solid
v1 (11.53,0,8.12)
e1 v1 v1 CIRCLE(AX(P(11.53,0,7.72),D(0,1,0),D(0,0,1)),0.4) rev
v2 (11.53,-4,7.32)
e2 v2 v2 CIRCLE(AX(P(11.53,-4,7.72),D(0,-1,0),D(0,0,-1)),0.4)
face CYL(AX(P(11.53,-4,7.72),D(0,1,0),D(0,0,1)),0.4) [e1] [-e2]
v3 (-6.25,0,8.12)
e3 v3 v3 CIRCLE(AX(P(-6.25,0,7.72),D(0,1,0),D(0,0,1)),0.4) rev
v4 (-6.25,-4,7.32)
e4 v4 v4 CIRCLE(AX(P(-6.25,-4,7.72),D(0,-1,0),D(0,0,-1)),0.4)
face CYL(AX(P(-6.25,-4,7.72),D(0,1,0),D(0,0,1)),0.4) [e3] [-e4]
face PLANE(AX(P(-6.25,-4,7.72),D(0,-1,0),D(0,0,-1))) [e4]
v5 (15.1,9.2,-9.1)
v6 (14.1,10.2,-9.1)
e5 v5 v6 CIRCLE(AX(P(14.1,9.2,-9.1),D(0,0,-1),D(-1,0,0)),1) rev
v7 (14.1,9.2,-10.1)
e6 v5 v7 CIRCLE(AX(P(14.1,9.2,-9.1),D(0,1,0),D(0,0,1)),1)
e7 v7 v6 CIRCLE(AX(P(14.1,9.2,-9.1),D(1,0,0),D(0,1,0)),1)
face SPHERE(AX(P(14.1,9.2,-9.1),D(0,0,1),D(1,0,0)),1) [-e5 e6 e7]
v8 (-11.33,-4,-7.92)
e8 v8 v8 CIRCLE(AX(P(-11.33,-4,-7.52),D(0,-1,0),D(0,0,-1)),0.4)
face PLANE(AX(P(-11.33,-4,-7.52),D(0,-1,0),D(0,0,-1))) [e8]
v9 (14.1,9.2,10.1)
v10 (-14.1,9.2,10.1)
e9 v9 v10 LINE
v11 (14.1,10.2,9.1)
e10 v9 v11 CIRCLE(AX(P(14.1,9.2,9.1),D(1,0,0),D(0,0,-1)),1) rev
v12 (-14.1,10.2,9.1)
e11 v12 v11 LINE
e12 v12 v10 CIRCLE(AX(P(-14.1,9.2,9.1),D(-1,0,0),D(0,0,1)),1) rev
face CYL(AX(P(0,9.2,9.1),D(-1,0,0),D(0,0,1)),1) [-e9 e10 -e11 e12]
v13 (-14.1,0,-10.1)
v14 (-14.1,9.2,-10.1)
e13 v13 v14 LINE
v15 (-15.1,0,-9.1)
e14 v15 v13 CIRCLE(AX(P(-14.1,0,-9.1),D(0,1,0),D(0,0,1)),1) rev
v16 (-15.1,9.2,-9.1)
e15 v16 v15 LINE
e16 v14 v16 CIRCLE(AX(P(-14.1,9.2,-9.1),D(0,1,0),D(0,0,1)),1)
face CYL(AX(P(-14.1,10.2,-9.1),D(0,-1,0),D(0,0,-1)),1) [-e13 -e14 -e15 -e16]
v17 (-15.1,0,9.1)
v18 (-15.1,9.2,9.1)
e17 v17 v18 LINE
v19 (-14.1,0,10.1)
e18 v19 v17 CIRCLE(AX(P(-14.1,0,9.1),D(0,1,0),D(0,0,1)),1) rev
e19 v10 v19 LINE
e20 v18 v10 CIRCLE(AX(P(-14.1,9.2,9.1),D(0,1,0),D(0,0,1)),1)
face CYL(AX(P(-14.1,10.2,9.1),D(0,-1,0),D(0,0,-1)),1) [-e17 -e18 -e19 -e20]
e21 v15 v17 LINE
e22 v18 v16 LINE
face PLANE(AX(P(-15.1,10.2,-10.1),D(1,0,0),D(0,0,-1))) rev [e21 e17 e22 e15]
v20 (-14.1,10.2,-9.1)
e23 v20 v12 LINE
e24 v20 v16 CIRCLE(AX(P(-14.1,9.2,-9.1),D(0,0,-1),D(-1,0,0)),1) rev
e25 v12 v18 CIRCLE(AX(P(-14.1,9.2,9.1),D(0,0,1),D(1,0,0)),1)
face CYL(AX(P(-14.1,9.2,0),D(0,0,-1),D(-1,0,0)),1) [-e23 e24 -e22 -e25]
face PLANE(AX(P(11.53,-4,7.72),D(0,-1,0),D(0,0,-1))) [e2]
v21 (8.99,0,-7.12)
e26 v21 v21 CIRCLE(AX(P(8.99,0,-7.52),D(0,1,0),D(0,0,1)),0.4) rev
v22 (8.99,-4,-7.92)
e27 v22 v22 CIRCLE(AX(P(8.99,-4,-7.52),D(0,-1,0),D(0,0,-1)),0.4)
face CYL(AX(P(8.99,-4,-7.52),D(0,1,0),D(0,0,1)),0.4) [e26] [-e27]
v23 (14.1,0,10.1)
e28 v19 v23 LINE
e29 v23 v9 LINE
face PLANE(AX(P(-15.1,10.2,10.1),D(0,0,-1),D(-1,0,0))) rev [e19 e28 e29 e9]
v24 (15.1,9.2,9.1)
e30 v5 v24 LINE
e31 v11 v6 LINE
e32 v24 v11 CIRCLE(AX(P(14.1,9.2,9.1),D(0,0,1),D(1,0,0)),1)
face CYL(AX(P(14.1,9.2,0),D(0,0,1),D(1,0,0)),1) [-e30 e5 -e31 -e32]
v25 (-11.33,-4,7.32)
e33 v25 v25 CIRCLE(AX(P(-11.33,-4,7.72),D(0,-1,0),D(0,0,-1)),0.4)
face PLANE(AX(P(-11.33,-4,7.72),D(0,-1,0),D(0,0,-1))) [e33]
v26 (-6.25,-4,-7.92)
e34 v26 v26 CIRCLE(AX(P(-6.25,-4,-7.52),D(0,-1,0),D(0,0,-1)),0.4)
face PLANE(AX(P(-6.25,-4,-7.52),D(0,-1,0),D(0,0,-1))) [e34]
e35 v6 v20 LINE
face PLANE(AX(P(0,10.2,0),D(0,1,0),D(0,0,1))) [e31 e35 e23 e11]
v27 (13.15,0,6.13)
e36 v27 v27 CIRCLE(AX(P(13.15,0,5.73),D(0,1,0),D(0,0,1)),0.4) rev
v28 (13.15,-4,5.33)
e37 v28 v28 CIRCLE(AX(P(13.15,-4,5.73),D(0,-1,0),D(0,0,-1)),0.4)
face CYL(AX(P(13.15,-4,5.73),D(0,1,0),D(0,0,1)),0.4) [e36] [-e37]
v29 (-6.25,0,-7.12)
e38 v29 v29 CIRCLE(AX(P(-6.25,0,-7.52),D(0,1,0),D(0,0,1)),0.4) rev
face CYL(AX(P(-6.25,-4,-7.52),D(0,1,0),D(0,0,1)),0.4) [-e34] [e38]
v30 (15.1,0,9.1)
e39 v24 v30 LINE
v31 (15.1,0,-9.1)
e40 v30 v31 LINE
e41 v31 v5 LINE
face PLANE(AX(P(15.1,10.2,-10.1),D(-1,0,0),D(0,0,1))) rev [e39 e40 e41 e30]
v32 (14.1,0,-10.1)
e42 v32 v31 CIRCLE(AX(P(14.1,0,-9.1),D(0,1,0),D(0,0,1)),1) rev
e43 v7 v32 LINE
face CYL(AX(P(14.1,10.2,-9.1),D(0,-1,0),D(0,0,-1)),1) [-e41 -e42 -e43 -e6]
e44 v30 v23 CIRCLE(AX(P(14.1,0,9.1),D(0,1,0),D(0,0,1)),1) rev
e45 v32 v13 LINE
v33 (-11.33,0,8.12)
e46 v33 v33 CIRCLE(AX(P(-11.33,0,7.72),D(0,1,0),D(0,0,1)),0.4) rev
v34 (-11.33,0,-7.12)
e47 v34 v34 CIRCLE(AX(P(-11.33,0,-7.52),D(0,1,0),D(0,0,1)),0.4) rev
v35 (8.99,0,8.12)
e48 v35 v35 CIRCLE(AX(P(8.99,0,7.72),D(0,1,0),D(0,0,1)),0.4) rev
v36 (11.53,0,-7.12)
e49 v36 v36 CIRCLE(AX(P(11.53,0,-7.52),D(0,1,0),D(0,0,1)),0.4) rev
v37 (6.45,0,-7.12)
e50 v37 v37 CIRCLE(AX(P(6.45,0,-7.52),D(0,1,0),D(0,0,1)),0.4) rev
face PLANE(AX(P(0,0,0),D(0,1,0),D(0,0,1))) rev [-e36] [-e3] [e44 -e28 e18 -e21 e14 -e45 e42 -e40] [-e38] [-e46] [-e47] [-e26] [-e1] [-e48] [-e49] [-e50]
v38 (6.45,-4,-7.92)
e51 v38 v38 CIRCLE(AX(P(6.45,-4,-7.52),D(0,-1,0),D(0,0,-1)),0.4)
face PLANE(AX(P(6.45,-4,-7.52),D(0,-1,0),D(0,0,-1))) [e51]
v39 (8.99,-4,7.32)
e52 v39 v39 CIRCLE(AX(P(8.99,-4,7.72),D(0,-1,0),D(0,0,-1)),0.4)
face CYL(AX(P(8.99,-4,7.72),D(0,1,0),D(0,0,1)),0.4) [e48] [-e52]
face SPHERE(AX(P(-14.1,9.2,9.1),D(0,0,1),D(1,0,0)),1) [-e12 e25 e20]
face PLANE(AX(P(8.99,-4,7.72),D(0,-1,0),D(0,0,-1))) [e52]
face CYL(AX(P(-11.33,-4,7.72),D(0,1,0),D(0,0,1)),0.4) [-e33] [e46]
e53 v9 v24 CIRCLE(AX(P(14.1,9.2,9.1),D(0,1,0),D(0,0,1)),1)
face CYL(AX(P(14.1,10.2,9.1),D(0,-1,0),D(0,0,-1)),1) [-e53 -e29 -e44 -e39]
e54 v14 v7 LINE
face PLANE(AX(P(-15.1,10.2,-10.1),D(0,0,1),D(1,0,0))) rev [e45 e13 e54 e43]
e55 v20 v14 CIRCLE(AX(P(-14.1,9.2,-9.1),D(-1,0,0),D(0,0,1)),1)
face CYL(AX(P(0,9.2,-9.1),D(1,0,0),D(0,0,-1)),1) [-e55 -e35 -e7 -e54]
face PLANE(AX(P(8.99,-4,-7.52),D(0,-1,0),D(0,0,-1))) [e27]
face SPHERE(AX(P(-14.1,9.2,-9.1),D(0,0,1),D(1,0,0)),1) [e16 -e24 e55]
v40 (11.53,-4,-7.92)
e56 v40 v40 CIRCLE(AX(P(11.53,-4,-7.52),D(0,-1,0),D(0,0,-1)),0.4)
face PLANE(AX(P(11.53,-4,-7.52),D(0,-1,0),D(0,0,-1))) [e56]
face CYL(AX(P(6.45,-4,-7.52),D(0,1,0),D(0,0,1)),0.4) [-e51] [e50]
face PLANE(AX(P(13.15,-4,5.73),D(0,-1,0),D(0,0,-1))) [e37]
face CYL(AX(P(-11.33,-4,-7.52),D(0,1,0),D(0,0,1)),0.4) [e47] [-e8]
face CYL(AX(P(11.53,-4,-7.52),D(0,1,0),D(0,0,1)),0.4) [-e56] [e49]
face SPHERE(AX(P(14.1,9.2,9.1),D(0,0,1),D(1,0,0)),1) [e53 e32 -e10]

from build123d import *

# Parameters (mm, degrees)
SKETCH_1_W      = 30.2
SKETCH_1_H      = 20.2
EXTRUDE_1_DEPTH = 10.2
FILLET_1_R      = 1
SKETCH_2_R      = 0.4
EXTRUDE_3_DEPTH = 4


with BuildPart() as part:
    # Эскиз1 → Бобышка-Вытянуть1 (new body)
    with BuildSketch(Plane(origin=(0, 0, 0), x_dir=(1, 0, 0), z_dir=(0, 1, 0))):
        Rectangle(SKETCH_1_W, SKETCH_1_H)
    extrude(amount=EXTRUDE_1_DEPTH)

    # Скругление1
    fillet_1_edges = [part.edges().sort_by_distance(p)[0] for p in [
        (-15.1, 10.2, 0),
        (0, 10.2, 10.1),
        (15.1, 10.2, 0),
        (0, 10.2, -10.1),
        (15.1, 5.1, 10.1),
        (-15.1, 5.1, 10.1),
        (-15.1, 5.1, -10.1),
        (15.1, 5.1, -10.1),
    ]]
    fillet(fillet_1_edges, radius=FILLET_1_R)

    # Эскиз2 → Бобышка-Вытянуть3 (add)
    with BuildSketch(Plane.XZ):
        with Locations(Location((11.53, 7.72, 0), (0, 0, 90))):
            Circle(SKETCH_2_R)
        with Locations(Location((13.15, 5.73, 0), (0, 0, 90))):
            Circle(SKETCH_2_R)
        with Locations(Location((8.99, 7.72, 0), (0, 0, 90))):
            Circle(SKETCH_2_R)
        with Locations(Location((6.45, -7.52, 0), (0, 0, 90))):
            Circle(SKETCH_2_R)
        with Locations(Location((-6.25, 7.72, 0), (0, 0, 90))):
            Circle(SKETCH_2_R)
        with Locations(Location((-11.33, 7.72, 0), (0, 0, 90))):
            Circle(SKETCH_2_R)
        with Locations(Location((-11.33, -7.52, 0), (0, 0, 90))):
            Circle(SKETCH_2_R)
        with Locations(Location((-6.25, -7.52, 0), (0, 0, 90))):
            Circle(SKETCH_2_R)
        with Locations(Location((8.99, -7.52, 0), (0, 0, 90))):
            Circle(SKETCH_2_R)
        with Locations(Location((11.53, -7.52, 0), (0, 0, 90))):
            Circle(SKETCH_2_R)
    extrude(amount=EXTRUDE_3_DEPTH)


solid = part.part
